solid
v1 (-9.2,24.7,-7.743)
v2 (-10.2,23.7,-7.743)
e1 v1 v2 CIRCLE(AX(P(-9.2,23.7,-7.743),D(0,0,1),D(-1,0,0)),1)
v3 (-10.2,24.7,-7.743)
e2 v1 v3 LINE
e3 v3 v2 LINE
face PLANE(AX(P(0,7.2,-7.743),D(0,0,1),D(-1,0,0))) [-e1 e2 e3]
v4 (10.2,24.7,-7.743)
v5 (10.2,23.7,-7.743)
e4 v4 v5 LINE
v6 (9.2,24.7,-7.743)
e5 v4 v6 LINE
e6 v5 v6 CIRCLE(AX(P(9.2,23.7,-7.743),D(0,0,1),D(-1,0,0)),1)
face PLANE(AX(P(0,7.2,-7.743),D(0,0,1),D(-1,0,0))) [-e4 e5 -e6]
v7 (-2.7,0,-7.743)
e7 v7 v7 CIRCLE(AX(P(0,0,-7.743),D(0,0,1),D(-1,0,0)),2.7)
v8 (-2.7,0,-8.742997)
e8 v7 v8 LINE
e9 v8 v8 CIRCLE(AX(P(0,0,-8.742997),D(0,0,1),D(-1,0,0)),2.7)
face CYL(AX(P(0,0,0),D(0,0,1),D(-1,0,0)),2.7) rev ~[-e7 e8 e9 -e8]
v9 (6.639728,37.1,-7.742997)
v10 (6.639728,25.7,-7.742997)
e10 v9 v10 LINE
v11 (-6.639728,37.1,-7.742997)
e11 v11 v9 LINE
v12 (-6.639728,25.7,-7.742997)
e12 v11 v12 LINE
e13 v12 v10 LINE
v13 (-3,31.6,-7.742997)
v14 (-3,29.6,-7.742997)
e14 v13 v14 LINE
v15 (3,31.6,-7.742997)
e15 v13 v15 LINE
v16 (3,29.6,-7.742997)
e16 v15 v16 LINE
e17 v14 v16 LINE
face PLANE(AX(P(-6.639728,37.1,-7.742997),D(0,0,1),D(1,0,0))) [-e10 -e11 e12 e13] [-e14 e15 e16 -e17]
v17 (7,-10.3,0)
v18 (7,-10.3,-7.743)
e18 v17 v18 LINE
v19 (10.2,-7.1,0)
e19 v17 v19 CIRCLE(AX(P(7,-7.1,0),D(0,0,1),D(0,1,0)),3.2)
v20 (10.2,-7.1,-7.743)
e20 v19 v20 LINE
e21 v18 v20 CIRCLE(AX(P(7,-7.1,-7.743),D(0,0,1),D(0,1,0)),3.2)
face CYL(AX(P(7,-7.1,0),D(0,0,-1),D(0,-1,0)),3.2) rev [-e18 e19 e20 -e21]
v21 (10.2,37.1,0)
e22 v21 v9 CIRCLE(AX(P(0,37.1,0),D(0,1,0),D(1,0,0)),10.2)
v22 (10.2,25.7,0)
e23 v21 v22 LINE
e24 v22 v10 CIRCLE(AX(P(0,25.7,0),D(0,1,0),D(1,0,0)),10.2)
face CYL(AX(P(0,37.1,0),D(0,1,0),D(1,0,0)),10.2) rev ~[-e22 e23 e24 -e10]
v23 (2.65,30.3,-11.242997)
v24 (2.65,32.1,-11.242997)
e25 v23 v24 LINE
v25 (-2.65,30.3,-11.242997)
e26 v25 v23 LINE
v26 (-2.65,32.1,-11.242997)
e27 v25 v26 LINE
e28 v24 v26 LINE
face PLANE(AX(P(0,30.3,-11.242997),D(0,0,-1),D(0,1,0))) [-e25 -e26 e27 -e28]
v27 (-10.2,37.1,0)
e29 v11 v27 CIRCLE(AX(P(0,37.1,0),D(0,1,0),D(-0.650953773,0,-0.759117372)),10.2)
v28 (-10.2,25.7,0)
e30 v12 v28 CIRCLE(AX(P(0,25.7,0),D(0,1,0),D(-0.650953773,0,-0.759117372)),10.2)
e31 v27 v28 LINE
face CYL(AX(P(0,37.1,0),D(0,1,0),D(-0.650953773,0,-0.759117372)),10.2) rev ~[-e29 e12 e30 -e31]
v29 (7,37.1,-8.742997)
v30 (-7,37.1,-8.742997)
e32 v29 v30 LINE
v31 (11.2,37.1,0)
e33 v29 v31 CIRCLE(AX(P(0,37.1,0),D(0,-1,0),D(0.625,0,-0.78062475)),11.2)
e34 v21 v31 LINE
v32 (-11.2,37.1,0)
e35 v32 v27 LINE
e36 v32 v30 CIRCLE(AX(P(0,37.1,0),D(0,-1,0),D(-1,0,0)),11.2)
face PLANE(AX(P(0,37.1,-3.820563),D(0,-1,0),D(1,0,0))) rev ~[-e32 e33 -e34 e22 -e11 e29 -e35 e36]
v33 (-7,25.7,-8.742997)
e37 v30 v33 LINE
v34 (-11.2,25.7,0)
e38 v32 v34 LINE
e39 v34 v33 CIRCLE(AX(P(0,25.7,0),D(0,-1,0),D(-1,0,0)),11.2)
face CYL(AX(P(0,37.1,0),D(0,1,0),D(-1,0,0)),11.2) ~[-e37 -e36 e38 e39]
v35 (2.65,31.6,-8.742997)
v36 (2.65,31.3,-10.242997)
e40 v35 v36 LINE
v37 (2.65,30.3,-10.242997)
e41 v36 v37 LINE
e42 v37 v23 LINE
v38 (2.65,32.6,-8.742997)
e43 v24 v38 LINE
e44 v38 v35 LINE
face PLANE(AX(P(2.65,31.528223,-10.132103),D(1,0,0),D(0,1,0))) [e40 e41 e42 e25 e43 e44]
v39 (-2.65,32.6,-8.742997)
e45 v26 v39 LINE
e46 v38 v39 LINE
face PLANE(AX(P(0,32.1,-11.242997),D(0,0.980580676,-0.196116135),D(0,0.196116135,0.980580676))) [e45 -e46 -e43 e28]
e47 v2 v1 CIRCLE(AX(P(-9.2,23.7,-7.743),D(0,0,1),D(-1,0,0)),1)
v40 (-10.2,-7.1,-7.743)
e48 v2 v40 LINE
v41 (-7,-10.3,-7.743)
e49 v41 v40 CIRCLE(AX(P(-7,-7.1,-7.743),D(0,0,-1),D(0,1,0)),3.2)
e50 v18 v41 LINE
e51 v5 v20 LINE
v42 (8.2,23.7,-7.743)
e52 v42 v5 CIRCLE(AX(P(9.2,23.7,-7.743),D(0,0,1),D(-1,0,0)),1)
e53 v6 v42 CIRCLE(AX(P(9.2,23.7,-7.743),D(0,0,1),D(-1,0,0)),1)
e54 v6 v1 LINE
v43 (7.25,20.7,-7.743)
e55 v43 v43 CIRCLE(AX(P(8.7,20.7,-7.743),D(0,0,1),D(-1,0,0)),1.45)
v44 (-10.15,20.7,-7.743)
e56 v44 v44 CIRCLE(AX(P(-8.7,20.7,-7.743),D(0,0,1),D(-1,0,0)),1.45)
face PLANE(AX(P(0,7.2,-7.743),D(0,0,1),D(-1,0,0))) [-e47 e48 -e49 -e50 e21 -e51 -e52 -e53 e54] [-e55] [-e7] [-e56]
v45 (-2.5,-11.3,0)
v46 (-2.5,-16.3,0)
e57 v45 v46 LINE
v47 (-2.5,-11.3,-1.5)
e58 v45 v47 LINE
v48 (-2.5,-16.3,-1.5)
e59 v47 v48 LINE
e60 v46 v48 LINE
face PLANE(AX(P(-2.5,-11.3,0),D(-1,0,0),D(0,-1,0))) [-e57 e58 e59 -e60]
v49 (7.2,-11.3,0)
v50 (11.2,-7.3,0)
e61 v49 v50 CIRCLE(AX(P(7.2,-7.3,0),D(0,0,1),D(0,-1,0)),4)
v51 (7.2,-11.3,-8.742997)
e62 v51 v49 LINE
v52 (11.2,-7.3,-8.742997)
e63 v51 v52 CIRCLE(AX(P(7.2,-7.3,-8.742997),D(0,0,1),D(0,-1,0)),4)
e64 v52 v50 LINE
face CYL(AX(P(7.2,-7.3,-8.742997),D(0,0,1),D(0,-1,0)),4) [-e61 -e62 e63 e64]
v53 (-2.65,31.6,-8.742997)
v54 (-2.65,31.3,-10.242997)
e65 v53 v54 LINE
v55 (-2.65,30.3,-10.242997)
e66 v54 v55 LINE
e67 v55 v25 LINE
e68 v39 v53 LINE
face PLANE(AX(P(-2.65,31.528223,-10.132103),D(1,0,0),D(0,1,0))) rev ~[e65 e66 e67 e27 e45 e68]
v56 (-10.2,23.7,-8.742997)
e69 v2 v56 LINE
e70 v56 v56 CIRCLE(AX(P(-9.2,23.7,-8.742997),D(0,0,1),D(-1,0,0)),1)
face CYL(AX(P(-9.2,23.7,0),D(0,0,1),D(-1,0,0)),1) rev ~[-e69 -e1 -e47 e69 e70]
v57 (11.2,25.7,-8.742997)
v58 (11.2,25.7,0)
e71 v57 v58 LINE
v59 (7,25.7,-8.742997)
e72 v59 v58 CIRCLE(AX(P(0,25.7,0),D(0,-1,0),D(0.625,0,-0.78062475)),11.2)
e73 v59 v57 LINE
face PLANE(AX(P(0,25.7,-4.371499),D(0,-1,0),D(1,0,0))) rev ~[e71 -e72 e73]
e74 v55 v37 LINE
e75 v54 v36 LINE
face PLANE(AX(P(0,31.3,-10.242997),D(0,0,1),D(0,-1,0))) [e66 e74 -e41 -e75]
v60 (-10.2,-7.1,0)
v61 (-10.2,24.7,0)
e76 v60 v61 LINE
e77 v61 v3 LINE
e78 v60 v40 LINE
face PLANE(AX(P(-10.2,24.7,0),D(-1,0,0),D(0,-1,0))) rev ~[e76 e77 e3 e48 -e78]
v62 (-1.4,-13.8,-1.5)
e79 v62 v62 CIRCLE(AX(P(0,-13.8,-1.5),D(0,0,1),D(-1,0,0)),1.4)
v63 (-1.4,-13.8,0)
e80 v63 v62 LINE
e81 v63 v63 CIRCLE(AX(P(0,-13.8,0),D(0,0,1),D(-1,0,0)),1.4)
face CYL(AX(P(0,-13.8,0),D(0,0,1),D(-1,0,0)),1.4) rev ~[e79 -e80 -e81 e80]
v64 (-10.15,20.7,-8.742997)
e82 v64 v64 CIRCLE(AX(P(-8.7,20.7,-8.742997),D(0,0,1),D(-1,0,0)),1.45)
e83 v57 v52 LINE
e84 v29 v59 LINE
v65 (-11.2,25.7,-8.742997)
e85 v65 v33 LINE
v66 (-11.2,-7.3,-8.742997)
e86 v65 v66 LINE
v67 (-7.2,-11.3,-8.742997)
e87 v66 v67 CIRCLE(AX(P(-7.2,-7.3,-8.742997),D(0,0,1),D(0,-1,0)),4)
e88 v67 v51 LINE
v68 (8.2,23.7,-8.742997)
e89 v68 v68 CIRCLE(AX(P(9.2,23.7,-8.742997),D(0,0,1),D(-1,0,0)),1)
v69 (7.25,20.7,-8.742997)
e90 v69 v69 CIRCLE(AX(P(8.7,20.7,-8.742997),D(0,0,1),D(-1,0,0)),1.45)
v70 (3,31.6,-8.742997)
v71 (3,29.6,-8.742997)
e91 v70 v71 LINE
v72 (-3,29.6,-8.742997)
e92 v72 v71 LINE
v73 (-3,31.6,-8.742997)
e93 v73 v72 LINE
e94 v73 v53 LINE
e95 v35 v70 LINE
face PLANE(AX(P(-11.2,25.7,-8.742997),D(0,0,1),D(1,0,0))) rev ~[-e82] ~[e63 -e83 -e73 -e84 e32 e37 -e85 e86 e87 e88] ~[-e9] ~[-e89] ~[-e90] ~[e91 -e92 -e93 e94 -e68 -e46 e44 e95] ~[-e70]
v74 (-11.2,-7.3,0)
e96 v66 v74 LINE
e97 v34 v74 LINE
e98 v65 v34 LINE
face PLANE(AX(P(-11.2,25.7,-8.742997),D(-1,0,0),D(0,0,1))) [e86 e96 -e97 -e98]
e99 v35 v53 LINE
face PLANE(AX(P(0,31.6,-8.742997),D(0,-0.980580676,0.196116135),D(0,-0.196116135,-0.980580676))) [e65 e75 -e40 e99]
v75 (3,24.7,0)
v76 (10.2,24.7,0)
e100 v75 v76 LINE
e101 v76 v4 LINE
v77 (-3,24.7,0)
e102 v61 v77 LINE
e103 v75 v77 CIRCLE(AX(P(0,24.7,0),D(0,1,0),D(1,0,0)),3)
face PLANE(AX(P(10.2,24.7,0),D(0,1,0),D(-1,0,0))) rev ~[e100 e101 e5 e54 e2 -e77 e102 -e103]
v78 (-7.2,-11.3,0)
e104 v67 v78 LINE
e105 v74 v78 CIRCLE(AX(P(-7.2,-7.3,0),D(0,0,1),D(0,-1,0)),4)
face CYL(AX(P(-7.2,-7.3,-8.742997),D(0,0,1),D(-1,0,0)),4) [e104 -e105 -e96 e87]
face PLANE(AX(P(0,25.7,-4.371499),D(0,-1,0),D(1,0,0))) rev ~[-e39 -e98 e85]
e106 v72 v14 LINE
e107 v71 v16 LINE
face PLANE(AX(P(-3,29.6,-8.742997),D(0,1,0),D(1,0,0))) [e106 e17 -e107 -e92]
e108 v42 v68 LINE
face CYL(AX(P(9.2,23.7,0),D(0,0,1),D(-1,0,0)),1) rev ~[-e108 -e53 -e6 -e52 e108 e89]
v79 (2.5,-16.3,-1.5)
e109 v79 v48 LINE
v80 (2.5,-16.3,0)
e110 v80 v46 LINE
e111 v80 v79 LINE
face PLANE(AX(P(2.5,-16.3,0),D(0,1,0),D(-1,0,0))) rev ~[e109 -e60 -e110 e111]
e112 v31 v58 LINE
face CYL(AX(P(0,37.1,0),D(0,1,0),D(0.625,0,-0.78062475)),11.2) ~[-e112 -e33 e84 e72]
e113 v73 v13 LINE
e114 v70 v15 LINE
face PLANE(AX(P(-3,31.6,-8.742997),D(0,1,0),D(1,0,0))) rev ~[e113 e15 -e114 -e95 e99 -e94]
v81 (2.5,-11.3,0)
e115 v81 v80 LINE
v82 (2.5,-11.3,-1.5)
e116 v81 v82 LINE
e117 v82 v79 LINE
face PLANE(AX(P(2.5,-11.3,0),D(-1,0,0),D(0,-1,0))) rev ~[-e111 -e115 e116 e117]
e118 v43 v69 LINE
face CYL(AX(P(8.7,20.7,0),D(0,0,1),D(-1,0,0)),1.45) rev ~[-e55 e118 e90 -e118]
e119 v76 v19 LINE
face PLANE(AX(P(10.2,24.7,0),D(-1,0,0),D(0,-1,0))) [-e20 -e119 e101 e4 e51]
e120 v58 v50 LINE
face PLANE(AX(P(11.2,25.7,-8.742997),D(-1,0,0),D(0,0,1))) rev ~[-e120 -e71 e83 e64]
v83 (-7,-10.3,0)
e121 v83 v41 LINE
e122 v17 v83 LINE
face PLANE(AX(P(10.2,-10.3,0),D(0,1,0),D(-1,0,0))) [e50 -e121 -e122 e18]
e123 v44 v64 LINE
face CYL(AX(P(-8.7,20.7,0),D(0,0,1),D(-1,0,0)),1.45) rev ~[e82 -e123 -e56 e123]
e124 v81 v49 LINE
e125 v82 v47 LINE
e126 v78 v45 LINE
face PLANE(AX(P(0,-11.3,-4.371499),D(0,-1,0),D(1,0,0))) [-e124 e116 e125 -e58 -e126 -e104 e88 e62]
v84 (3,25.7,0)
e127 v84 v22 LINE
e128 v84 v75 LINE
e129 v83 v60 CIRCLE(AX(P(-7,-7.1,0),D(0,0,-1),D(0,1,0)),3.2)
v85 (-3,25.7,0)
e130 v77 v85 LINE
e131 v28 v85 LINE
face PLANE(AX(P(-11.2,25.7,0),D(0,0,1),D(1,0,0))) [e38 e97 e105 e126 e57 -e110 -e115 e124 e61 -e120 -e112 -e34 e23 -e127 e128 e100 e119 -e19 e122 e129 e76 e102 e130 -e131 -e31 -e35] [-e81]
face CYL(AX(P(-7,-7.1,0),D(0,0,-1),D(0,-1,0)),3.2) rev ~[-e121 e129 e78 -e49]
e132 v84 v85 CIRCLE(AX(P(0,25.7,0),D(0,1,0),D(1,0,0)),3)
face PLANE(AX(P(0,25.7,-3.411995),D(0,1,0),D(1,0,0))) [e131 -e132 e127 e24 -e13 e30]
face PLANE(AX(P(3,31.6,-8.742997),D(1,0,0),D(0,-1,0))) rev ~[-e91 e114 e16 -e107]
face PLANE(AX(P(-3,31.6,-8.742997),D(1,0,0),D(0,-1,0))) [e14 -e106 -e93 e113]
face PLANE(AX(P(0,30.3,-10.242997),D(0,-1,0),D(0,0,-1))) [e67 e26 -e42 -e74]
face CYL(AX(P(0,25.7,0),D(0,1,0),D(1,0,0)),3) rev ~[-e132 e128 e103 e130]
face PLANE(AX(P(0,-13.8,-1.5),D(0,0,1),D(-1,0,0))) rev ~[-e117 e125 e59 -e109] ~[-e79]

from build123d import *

# Parameters (mm, degrees)
PAD029_DEPTH    = 11.4
SKETCH042_W     = 22.4
SKETCH042_H     = 8.7429971978
PAD030_DEPTH    = 37
SKETCH043_W     = 5
SKETCH043_H     = 5
SKETCH043_R     = 1.4
PAD031_DEPTH    = 1.5
SKETCH044_R     = 2.7
SKETCH044_R_2   = 1.45
SKETCH044_R_3   = 1
POCKET007_DEPTH = 8.75
POCKET010_DEPTH = 11.4
SKETCH055_W     = 20.4
SKETCH055_H     = 35
POCKET011_DEPTH = 7.743
FILLET012_R     = 3.2
FILLET013_R     = 4
SKETCH056_R     = 3
POCKET012_DEPTH = 1
SKETCH057_W     = 6
SKETCH057_H     = 2
POCKET013_DEPTH = 1
PAD040_DEPTH    = 2.65


with BuildPart() as part:
    # Sketch041 → Pad029 (new body)
    with BuildSketch(Plane.XZ):
        with BuildLine():
            ThreePointArc((7, -8.7429971978), (10.0955435713, -4.8497422612), (11.2, 0))
            Line((-11.2, 0), (11.2, 0))
            ThreePointArc((-11.2, 0), (-10.0955435713, -4.8497422612), (-7, -8.7429971978))
            Line((7, -8.7429971978), (-7, -8.7429971978))
        make_face()
    extrude(amount=PAD029_DEPTH)

    # Sketch042 (on Face6 of Pad029) → Pad030 (join)
    with BuildSketch(Plane.XZ.offset(11.4)):
        with Locations((0, -4.3714985989)):
            Rectangle(SKETCH042_W, SKETCH042_H)
    extrude(amount=PAD030_DEPTH)

    # Sketch043 (on Face10 of Pad030) → Pad031 (join)
    with BuildSketch(Plane(origin=(0, 0, 0), x_dir=(-1, 0, 0), z_dir=(0, 0, 1))):
        with Locations((0, 50.9)):
            Rectangle(SKETCH043_W, SKETCH043_H)
        with Locations((0, 50.9)):
            Circle(SKETCH043_R, mode=Mode.SUBTRACT)
    extrude(amount=-PAD031_DEPTH)

    # Sketch044 (on Face15 of Pad031) → Pocket007 (cut)
    with BuildSketch(Plane(origin=(0, 0, 0), x_dir=(-1, 0, 0), z_dir=(0, 0, 1))):
        with Locations((0, 37.1)):
            Circle(SKETCH044_R)
        with Locations((8.7, 16.4)):
            Circle(SKETCH044_R_2)
        with Locations((-8.7, 16.4)):
            Circle(SKETCH044_R_2)
        with Locations((-9.2, 13.4)):
            Circle(SKETCH044_R_3)
        with Locations((9.2, 13.4)):
            Circle(SKETCH044_R_3)
    extrude(amount=-POCKET007_DEPTH, mode=Mode.SUBTRACT)

    # Sketch054 (on Face4 of Pocket007) → Pocket010 (cut)
    with BuildSketch(Plane(origin=(0, 0, 0), x_dir=(1, 0, 0), z_dir=(0, 1, 0))):
        with BuildLine():
            ThreePointArc((-6.6397284881, 7.7429971978), (-9.2672873749, 4.2611482855), (-10.2, 0))
            Line((-10.2, 0), (10.2, 0))
            ThreePointArc((10.2, 0), (9.2672873749, 4.2611482855), (6.6397284881, 7.7429971978))
            Line((-6.6397284881, 7.7429971978), (6.6397284881, 7.7429971978))
        make_face()
    extrude(amount=-POCKET010_DEPTH, mode=Mode.SUBTRACT)

    # Sketch055 (on Face3 of Pocket010) → Pocket011 (cut)
    with BuildSketch(Plane(origin=(0, 0, 0), x_dir=(-1, 0, 0), z_dir=(0, 0, 1))):
        with Locations((0, 29.9)):
            Rectangle(SKETCH055_W, SKETCH055_H)
    extrude(amount=-POCKET011_DEPTH, mode=Mode.SUBTRACT)

    # Fillet012
    fillet012_edges = [part.edges().sort_by_distance(p)[0] for p in [
        (10.2, -47.4, -3.8715),
        (-10.2, -47.4, -3.8715),
    ]]
    fillet(fillet012_edges, radius=FILLET012_R)

    # Fillet013
    fillet013_edges = [part.edges().sort_by_distance(p)[0] for p in [
        (11.2, -48.4, -4.371499),
        (-11.2, -48.4, -4.371499),
    ]]
    fillet(fillet013_edges, radius=FILLET013_R)

    # Sketch056 (on Face10 of Fillet013) → Pocket012 (cut)
    with BuildSketch(Plane(origin=(0, -11.4, 0), x_dir=(1, 0, 0), z_dir=(0, 1, 0))):
        Circle(SKETCH056_R)
    extrude(amount=-POCKET012_DEPTH, mode=Mode.SUBTRACT)

    # Sketch057 (on Face24 of Pocket012) → Pocket013 (cut)
    with BuildSketch(Plane(origin=(0, 0, -8.7429971978), x_dir=(1, 0, 0), z_dir=(0, 0, -1))):
        with Locations((0, 6.5)):
            Rectangle(SKETCH057_W, SKETCH057_H)
    extrude(amount=-POCKET013_DEPTH, mode=Mode.SUBTRACT)

    # Sketch058 → Pad040 (join, symmetric)
    with BuildSketch(Plane.YZ):
        Polygon((-5.5, -8.7429971978), (-5.8, -10.2429971978), (-6.8, -10.2429971978), (-6.8, -11.2429971978), (-5, -11.2429971978), (-4.5, -8.7429971978), align=None)
    extrude(amount=PAD040_DEPTH, both=True)


with BuildPart() as part_1:
    # Body020 placement: moved
    add(part.part.moved(Location((0, 37.1, 0))))


solid = part_1.part
